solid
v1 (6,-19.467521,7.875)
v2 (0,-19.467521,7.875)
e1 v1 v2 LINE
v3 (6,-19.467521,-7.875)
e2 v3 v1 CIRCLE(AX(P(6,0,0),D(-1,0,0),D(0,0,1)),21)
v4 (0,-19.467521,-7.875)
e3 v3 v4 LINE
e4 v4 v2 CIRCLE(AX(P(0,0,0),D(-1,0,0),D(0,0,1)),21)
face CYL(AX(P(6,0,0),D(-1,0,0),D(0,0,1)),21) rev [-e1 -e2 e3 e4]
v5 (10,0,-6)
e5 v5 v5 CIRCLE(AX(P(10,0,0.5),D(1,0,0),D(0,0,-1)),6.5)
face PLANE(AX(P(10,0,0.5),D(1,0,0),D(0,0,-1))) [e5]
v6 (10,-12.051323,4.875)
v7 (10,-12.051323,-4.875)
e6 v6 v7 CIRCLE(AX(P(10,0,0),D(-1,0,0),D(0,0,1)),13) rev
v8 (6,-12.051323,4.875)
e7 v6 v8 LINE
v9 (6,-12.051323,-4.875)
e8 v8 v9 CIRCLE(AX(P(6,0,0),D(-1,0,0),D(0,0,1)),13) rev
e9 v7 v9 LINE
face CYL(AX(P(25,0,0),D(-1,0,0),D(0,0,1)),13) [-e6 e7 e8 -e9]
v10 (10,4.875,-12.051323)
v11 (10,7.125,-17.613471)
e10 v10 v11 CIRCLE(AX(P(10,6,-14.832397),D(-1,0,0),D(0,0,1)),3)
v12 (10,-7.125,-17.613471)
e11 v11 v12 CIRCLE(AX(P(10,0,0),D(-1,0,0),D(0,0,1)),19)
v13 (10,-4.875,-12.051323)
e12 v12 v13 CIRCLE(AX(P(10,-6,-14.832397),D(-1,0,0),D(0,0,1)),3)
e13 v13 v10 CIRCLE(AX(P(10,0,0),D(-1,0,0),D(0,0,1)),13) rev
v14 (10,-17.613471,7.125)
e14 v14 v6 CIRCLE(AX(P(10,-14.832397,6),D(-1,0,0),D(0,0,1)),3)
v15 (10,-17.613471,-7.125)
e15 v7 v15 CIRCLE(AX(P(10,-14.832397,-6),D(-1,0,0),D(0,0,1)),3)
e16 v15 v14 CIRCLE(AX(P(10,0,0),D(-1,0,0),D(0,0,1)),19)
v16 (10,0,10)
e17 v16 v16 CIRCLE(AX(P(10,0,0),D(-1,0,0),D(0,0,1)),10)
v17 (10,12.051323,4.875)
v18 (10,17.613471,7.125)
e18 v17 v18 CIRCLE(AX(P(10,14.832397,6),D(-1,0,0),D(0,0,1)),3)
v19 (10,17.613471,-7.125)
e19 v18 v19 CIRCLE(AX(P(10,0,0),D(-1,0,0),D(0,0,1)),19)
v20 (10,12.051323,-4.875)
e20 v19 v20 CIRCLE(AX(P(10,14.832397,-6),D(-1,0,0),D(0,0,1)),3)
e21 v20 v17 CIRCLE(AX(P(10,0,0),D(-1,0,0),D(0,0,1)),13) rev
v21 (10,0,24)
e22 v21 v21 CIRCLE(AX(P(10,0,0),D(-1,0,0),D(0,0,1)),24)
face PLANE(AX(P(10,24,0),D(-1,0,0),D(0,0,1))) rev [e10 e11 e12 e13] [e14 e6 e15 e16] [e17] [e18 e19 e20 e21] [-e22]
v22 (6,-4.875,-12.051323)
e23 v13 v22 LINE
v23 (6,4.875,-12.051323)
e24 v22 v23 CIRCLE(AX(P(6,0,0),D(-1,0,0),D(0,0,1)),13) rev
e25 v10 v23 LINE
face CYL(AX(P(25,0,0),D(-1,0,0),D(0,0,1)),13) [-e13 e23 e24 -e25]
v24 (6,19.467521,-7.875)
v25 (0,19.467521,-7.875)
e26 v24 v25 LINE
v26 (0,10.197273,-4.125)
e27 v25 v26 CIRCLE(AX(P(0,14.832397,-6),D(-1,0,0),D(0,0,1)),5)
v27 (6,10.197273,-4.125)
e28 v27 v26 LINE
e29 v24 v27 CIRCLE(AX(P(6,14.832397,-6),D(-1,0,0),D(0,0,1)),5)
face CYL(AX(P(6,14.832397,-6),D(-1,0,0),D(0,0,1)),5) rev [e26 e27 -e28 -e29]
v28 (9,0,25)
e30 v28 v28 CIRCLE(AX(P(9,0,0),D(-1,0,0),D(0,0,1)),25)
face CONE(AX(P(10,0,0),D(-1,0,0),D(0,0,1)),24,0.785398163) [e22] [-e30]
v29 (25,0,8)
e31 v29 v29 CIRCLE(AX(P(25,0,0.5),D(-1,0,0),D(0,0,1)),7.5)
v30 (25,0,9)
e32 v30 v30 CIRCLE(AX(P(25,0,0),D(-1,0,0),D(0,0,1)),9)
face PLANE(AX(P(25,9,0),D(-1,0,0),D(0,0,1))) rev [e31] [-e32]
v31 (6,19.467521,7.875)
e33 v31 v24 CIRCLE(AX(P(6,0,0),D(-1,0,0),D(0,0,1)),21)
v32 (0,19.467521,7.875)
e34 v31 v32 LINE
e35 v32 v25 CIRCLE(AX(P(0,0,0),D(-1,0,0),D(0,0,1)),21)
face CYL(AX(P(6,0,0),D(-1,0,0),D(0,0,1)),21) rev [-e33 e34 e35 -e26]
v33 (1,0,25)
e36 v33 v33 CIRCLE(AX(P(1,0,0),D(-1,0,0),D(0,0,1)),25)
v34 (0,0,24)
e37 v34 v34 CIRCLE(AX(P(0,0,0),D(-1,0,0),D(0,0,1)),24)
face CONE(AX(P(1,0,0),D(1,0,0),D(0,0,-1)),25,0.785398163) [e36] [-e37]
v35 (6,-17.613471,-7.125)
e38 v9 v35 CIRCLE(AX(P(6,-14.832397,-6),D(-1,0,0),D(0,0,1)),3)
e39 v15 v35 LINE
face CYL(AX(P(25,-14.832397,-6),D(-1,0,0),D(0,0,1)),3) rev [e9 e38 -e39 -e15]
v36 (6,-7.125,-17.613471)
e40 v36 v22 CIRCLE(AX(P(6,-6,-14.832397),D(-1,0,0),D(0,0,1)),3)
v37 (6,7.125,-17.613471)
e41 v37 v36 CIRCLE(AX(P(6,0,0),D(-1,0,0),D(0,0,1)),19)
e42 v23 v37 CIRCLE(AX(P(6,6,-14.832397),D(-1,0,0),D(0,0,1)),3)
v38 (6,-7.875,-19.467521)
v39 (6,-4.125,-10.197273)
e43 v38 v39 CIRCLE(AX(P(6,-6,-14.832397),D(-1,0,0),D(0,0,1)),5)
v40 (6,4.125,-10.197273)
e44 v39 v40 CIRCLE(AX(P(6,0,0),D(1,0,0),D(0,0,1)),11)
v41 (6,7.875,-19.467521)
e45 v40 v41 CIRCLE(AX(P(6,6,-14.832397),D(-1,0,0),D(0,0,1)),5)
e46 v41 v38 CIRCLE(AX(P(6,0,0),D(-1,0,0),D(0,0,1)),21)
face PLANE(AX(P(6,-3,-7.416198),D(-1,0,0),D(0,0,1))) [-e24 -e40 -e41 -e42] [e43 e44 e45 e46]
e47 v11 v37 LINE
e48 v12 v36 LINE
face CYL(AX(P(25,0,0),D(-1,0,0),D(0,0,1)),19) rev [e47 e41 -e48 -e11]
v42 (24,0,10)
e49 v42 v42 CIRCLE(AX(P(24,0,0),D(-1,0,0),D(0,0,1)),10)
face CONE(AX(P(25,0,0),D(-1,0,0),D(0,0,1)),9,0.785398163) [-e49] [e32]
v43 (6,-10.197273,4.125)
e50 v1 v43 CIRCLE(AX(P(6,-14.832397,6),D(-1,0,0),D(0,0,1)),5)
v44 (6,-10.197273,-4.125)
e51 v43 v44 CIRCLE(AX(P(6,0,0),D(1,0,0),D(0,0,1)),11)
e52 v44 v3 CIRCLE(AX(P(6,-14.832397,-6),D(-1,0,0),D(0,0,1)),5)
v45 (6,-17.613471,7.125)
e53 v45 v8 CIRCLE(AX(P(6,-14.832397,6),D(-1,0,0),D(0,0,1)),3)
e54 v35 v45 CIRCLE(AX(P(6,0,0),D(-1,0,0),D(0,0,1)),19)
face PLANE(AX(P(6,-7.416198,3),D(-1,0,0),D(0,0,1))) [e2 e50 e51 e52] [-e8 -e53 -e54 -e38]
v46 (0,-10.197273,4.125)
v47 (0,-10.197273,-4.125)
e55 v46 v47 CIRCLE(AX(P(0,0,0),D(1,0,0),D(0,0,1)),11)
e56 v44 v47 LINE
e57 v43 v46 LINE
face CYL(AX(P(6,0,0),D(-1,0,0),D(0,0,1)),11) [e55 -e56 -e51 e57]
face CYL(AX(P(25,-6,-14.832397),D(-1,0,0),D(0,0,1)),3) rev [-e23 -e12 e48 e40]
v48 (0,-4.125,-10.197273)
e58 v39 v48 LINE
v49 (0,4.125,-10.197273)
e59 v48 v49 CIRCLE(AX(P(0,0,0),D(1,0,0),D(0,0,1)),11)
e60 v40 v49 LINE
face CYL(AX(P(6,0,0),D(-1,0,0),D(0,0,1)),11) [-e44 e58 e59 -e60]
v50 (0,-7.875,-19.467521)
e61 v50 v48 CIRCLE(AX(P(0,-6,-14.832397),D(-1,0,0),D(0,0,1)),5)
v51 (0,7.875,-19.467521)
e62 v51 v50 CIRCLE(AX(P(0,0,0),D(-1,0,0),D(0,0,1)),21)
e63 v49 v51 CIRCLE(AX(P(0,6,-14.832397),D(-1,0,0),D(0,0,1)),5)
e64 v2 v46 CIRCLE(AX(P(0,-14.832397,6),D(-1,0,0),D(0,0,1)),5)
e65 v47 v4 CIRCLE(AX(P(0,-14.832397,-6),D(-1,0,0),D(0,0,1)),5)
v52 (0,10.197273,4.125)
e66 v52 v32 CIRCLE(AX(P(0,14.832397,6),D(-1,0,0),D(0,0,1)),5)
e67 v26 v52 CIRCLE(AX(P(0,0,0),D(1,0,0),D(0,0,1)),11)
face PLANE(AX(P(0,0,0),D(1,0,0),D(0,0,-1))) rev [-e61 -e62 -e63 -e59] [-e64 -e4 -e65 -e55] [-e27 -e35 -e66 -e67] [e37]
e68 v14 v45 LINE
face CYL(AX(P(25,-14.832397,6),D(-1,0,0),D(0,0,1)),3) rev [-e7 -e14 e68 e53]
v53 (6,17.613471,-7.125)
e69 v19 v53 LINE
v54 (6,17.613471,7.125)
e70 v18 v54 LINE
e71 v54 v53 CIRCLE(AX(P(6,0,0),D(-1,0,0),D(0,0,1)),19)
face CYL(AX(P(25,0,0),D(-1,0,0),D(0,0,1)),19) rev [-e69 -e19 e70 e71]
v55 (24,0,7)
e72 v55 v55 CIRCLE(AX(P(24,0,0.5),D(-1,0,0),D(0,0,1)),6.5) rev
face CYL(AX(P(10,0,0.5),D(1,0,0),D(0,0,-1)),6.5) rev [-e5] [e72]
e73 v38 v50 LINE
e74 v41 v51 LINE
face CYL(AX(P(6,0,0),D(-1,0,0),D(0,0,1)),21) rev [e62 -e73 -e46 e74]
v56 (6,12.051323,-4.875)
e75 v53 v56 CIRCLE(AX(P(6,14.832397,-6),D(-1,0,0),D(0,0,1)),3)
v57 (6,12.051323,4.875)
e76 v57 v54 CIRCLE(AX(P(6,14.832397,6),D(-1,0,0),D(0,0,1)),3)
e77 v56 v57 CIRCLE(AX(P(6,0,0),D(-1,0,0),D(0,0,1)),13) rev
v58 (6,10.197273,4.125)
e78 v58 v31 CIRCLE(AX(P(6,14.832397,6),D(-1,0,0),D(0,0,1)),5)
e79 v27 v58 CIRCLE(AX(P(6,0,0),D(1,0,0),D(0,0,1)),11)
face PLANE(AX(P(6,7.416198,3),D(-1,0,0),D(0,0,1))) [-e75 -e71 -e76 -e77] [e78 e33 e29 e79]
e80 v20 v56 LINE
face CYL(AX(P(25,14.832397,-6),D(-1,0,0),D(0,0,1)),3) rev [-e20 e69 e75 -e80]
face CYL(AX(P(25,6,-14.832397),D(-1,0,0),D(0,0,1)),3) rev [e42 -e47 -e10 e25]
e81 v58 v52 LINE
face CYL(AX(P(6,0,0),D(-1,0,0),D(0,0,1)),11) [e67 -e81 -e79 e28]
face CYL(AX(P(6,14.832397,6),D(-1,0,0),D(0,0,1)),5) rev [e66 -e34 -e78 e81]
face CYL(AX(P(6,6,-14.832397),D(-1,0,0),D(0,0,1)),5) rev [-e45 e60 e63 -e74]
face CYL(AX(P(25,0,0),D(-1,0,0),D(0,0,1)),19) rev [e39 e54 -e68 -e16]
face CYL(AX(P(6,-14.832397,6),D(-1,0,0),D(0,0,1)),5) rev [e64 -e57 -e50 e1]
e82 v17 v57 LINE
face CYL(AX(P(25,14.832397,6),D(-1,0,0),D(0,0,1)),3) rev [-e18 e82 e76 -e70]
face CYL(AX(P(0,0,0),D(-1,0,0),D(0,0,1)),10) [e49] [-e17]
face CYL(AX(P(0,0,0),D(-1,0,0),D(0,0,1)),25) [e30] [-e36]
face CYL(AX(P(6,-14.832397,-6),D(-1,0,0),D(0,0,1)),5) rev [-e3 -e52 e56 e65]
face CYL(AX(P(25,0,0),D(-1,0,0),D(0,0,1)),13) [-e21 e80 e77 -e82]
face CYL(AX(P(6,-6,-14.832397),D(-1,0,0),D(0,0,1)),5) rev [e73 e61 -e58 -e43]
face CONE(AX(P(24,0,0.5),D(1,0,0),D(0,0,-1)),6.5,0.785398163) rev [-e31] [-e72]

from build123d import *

# Parameters (mm, degrees)
CUT_EXTRUDE_2_DEPTH = 6
CUT_EXTRUDE_3_DEPTH = 26
SKETCH_3_R          = 6.5
CUT_EXTRUDE_4_DEPTH = 15
CHAMFER_1_SIZE      = 1


with BuildPart() as part:
    # Эскиз1 → Повернуть1 (revolve)
    with BuildSketch(Plane.XY):
        Polygon((0, 0), (0, 24), (1, 25), (9, 25), (10, 24), (10, 10), (24, 10), (25, 9), (25, 0), align=None)
    revolve(axis=Axis((0, 0, 0), (1, 0, 0)))

    # Эскиз4 → Вырез-Вытянуть2 (cut)
    with BuildSketch(Plane.ZY):
        with BuildLine():
            ThreePointArc((7.875, 19.467521029), (0, 21), (-7.875, 19.467521029))
            ThreePointArc((-7.875, 19.467521029), (-10.635124054, 12.957396974), (-4.125, 10.19727292))
            ThreePointArc((-4.125, 10.19727292), (0, 11), (4.125, 10.19727292))
            ThreePointArc((4.125, 10.19727292), (10.635124054, 12.957396974), (7.875, 19.467521029))
        make_face()
        with BuildLine():
            ThreePointArc((-10.19727292, 4.125), (-11, 0), (-10.19727292, -4.125))
            ThreePointArc((-10.19727292, -4.125), (-12.957396974, -10.635124054), (-19.467521029, -7.875))
            ThreePointArc((-19.467521029, -7.875), (-21, 0), (-19.467521029, 7.875))
            ThreePointArc((-19.467521029, 7.875), (-12.957396974, 10.635124054), (-10.19727292, 4.125))
        make_face()
        with BuildLine():
            ThreePointArc((-4.125, -10.19727292), (0, -11), (4.125, -10.19727292))
            ThreePointArc((4.125, -10.19727292), (10.635124054, -12.957396974), (7.875, -19.467521029))
            ThreePointArc((7.875, -19.467521029), (0, -21), (-7.875, -19.467521029))
            ThreePointArc((-7.875, -19.467521029), (-10.635124054, -12.957396974), (-4.125, -10.19727292))
        make_face()
    extrude(amount=-CUT_EXTRUDE_2_DEPTH, mode=Mode.SUBTRACT)

    # Эскиз5 → Вырез-Вытянуть3 (cut, through all)
    with BuildSketch(Plane.ZY):
        with BuildLine():
            ThreePointArc((7.125, 17.613471407), (0, 19), (-7.125, 17.613471407))
            ThreePointArc((-7.125, 17.613471407), (-8.781074433, 13.707396974), (-4.875, 12.051322542))
            ThreePointArc((-4.875, 12.051322542), (0, 13), (4.875, 12.051322542))
            ThreePointArc((4.875, 12.051322542), (8.781074433, 13.707396974), (7.125, 17.613471407))
        make_face()
        with BuildLine():
            ThreePointArc((-12.051322542, 4.875), (-13, 0), (-12.051322542, -4.875))
            ThreePointArc((-12.051322542, -4.875), (-13.707396974, -8.781074433), (-17.613471407, -7.125))
            ThreePointArc((-17.613471407, -7.125), (-19, 0), (-17.613471407, 7.125))
            ThreePointArc((-17.613471407, 7.125), (-13.707396974, 8.781074433), (-12.051322542, 4.875))
        make_face()
        with BuildLine():
            ThreePointArc((-4.875, -12.051322542), (0, -13), (4.875, -12.051322542))
            ThreePointArc((4.875, -12.051322542), (8.781074433, -13.707396974), (7.125, -17.613471407))
            ThreePointArc((7.125, -17.613471407), (0, -19), (-7.125, -17.613471407))
            ThreePointArc((-7.125, -17.613471407), (-8.781074433, -13.707396974), (-4.875, -12.051322542))
        make_face()
    extrude(amount=-CUT_EXTRUDE_3_DEPTH, mode=Mode.SUBTRACT)

    # Эскиз3 → Вырез-Вытянуть4 (cut)
    with BuildSketch(Plane(origin=(25, 0, 0), x_dir=(0, 0, -1), z_dir=(1, 0, 0))):
        with Locations((-0.5, 0)):
            Circle(SKETCH_3_R)
    extrude(amount=-CUT_EXTRUDE_4_DEPTH, mode=Mode.SUBTRACT)

    # Фаска1
    chamfer_1_edges = [part.edges().sort_by_distance(p)[0] for p in [
        (25, 0, 7),
    ]]
    chamfer(chamfer_1_edges, length=CHAMFER_1_SIZE)


solid = part.part
